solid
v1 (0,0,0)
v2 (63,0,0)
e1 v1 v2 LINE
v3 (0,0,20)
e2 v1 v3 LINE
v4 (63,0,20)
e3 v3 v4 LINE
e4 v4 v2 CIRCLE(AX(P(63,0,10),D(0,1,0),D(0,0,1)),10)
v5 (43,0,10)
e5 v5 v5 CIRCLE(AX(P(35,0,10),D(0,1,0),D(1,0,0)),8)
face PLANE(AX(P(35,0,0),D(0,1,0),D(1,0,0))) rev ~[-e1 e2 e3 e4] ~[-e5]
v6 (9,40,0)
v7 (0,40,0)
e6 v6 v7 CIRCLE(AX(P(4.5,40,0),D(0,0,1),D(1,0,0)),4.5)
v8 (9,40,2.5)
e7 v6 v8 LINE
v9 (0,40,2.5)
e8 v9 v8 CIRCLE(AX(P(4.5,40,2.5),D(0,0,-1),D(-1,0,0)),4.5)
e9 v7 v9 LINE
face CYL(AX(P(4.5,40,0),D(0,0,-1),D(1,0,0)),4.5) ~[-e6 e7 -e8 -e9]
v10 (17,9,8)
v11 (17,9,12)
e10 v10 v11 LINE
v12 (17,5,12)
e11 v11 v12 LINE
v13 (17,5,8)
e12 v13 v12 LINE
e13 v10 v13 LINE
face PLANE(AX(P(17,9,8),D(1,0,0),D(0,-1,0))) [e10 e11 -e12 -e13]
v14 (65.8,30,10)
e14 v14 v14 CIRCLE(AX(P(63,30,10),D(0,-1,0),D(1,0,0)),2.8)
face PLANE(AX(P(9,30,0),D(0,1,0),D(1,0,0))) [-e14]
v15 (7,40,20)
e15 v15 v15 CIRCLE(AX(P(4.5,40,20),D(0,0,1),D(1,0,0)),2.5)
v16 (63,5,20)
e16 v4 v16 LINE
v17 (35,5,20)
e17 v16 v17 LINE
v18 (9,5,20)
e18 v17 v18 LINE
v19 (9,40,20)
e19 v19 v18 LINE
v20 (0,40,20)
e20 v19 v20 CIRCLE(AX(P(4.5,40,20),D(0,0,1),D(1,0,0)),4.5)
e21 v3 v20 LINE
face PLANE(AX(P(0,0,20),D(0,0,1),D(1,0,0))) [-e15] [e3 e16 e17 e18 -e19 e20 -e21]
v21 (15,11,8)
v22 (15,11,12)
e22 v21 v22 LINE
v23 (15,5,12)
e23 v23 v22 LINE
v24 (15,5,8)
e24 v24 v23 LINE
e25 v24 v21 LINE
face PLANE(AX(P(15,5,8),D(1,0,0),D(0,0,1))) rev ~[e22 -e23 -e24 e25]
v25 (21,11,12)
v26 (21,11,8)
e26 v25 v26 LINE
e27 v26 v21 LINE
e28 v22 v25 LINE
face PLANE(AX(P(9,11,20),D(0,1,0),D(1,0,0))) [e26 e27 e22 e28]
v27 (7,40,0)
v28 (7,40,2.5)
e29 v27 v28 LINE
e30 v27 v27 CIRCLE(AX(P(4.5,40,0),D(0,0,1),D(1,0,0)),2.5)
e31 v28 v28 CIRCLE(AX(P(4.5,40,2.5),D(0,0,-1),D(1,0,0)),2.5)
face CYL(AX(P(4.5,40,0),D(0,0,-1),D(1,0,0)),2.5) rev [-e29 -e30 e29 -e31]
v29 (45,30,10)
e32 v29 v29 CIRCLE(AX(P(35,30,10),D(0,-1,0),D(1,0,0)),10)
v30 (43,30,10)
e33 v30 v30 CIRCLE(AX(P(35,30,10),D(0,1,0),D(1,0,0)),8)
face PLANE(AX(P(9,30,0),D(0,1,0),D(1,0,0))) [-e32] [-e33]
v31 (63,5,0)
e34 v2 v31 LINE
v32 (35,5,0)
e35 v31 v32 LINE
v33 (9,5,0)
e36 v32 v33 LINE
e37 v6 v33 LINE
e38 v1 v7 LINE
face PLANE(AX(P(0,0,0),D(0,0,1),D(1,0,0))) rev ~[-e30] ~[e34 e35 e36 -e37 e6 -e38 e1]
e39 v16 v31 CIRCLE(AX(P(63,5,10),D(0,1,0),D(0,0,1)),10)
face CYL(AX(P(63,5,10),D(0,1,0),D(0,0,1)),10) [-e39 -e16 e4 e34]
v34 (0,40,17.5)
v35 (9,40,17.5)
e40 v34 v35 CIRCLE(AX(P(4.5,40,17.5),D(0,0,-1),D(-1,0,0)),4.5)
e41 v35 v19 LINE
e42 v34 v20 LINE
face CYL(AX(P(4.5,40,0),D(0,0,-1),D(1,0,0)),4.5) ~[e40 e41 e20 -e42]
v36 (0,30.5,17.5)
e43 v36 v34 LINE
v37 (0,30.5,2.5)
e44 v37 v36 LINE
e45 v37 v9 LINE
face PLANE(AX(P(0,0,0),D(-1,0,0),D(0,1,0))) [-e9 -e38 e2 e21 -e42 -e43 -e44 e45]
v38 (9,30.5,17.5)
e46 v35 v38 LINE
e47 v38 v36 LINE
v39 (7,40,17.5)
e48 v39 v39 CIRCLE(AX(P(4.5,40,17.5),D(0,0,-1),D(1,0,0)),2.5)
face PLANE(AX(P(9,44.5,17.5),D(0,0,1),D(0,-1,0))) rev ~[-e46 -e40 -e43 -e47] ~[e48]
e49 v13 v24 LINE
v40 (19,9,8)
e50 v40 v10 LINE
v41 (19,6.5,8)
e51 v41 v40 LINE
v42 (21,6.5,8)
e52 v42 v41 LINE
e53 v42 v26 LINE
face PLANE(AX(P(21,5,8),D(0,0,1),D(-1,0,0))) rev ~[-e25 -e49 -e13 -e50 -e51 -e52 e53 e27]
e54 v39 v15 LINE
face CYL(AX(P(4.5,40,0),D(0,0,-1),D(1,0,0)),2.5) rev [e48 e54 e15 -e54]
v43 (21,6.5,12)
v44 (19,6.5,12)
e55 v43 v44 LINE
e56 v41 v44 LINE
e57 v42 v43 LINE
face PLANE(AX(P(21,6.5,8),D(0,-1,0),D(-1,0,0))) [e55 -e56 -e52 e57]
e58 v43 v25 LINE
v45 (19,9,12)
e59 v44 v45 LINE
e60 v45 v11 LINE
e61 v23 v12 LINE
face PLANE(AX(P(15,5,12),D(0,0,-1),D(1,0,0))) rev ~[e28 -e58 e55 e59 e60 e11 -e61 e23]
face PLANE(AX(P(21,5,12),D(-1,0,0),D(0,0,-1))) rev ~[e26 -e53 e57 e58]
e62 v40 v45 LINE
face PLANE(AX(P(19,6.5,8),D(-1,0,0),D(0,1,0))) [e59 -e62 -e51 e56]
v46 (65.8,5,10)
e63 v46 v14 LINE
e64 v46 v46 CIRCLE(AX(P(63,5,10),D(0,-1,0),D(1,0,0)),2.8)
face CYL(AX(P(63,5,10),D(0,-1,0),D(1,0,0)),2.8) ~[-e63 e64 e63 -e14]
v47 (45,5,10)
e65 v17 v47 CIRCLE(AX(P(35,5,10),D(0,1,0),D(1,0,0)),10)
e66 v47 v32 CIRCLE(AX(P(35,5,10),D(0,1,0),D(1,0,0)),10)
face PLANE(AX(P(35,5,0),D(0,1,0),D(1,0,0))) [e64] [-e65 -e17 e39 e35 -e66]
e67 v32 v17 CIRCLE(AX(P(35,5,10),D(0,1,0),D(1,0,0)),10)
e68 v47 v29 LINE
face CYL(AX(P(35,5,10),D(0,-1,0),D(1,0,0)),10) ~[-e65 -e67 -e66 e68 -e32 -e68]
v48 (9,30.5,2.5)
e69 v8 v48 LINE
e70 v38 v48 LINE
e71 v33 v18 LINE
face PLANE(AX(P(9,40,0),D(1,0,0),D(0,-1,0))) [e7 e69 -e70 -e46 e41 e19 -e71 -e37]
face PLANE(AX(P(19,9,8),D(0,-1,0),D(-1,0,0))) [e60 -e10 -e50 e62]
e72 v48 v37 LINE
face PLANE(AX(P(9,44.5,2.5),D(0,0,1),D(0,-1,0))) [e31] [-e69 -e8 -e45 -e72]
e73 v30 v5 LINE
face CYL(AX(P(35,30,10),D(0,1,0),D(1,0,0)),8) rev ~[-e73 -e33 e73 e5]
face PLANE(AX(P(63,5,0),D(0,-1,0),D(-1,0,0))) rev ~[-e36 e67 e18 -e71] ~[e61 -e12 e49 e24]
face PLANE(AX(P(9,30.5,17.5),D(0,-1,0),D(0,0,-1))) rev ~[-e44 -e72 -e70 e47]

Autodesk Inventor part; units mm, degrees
ref_plane "YZ Plane" through (0, 0, 0) normal (1, 0, 0) x (0, 1, 0)
ref_plane "XZ Plane" through (0, 0, 0) normal (0, 1, 0) x (-1, 0, 0)
ref_plane "XY Plane" through (0, 0, 0) normal (0, 0, 1) x (1, 0, 0)
sketch "Sketch1" plane through (0, 0, 0) normal (0, 0, 1) x (1, 0, 0)
  line L0 (0, 0) -> (0, 40)
  line L1 (0, 0) -> (63, 0)
  line L2 (63, 0) -> (63, 5)
  line L3 (63, 5) -> (9, 5)
  arc A0 (9, 40) -> (0, 40) centre (4.5, 40) ccw
  line L4 (9, 40) -> (9, 5)
  circle A1 centre (4.5, 40) radius 2.5
  dimension "d0" = 40
  dimension "d2" = 5
  dimension "d6" = 4.5
  dimension "d7" = 5
  dimension "d8" = 9
  dimension "d9" = 54
  dimension "d47" = 32.5
extrude "Extrusion1" add sketch "Sketch1" along normal blind 20
sketch "Sketch2" plane through (9, 5, 0) normal (0, 1, 0) x (1, 0, 0)
  line L0 (0, 0) -> (0, -20) projected
  circle A0 centre (26, -10) radius 10
  line L1 (0, 0) -> (54, 0) projected
  circle A1 centre (54, -10) radius 2.8
  line L2 (54, 0) -> (54, -20) projected
  point P0 (-9, 0)
  dimension "d14" = 20
  dimension "d16" = 26
  dimension "d20" = 5.6
  dimension "d21" = 10
  dimension "d22" = 15.2
  dimension "d67" = 0
sketch "Sketch7" plane through (9, 5, 0) normal (1, 0, 0) x (0, 0, -1)
  line L0 (-10, 41.0364) -> (-10, 39.6436)
  line L1 (0, 39.5) -> (-20, 39.5) projected
  line L2 (-2.5, 39.5) -> (-2.5, 25.5)
  line L3 (-17.5, 39.5) -> (-17.5, 25.5)
  line L4 (-17.5, 39.5) -> (-2.5, 39.5)
  line L5 (0, 32.5) -> (-20, 32.5) projected
  line L6 (-17.5, 25.5) -> (-2.5, 25.5)
  point P0 (0, -5)
  dimension "d40" = 14
  dimension "d41" = 14
  dimension "d42" = 15
extrude "Extrusion5" cut sketch "Sketch7" against normal blind 14
extrude "Extrusion6" add sketch "Sketch2" along normal blind 25
sketch "Sketch9" plane through (35, 30, 10) normal (0, 1, 0) x (1, 0, 0)
  circle A0 centre (0, 0) radius 8
  point P0 (-35, 10)
  dimension "d50" = 16
extrude "Extrusion7" cut sketch "Sketch9" against normal blind 31
sketch "Sketch10" plane through (9, 5, 20) normal (0, 1, 0) x (1, 0, 0)
  line L0 (6, 8) -> (12, 8)
  line L1 (12, 8) -> (12, 12)
  line L2 (12, 12) -> (6, 12)
  line L3 (6, 12) -> (6, 8)
  line L4 (26, 0) -> (0, 0) projected
  line L5 (0, 2.5) -> (0, 17.5) projected
  point P0 (-9, 20)
  dimension "d53" = 6
  dimension "d54" = 4
  dimension "d55" = 8
  dimension "d56" = 6
extrude "Extrusion8" add sketch "Sketch10" along normal blind 6
sketch "Sketch11" plane through (21, 5, 8) normal (0, 0, -1) x (-1, 0, 0)
  line L0 (2, 4) -> (4, 4)
  line L1 (6, 0) -> (6, 6) projected
  line L2 (12, 0) -> (-14, 0) projected
  line L3 (0, 0) -> (6, 0)
  line L4 (0, 1.5) -> (0, 0)
  line L5 (6, 0) -> (0, 0)
  line L6 (0, 0) -> (3, 0)
  line L7 (0, 1.5) -> (2, 1.5)
  line L8 (2, 1.5) -> (2, 4)
  line L9 (3, 0) -> (0, 0)
  line L10 (4, 4) -> (4, 0)
  line L11 (0, 0) -> (6, 0) projected
  line L12 (0, 0) -> (4, 0)
  point P0 (21, -5)
  dimension "d59" = 2
  dimension "d60" = 2
  dimension "d61" = 4
  dimension "d62" = 1.5
extrude "Extrusion9" cut sketch "Sketch11" against normal blind 4
sketch "Sketch12" plane through (35, 5, 0) normal (0, 1, 0) x (1, 0, 0)
  line L0 (28, 0) -> (28, -20) projected
  arc A0 (28, -20) -> (28, 0) centre (28, -10) ccw
  line L1 (28, 0) -> (-35, 0) projected
  line L2 (28, 0) -> (28, -20)
extrude "Extrusion10" add sketch "Sketch12" against normal blind 5
equation "\"d21\" = d19"
equation "\"d40\" = d41"
equation "\"d19\" = 0.5 * d14"
properties part number "ValveBaseMk2.4"
